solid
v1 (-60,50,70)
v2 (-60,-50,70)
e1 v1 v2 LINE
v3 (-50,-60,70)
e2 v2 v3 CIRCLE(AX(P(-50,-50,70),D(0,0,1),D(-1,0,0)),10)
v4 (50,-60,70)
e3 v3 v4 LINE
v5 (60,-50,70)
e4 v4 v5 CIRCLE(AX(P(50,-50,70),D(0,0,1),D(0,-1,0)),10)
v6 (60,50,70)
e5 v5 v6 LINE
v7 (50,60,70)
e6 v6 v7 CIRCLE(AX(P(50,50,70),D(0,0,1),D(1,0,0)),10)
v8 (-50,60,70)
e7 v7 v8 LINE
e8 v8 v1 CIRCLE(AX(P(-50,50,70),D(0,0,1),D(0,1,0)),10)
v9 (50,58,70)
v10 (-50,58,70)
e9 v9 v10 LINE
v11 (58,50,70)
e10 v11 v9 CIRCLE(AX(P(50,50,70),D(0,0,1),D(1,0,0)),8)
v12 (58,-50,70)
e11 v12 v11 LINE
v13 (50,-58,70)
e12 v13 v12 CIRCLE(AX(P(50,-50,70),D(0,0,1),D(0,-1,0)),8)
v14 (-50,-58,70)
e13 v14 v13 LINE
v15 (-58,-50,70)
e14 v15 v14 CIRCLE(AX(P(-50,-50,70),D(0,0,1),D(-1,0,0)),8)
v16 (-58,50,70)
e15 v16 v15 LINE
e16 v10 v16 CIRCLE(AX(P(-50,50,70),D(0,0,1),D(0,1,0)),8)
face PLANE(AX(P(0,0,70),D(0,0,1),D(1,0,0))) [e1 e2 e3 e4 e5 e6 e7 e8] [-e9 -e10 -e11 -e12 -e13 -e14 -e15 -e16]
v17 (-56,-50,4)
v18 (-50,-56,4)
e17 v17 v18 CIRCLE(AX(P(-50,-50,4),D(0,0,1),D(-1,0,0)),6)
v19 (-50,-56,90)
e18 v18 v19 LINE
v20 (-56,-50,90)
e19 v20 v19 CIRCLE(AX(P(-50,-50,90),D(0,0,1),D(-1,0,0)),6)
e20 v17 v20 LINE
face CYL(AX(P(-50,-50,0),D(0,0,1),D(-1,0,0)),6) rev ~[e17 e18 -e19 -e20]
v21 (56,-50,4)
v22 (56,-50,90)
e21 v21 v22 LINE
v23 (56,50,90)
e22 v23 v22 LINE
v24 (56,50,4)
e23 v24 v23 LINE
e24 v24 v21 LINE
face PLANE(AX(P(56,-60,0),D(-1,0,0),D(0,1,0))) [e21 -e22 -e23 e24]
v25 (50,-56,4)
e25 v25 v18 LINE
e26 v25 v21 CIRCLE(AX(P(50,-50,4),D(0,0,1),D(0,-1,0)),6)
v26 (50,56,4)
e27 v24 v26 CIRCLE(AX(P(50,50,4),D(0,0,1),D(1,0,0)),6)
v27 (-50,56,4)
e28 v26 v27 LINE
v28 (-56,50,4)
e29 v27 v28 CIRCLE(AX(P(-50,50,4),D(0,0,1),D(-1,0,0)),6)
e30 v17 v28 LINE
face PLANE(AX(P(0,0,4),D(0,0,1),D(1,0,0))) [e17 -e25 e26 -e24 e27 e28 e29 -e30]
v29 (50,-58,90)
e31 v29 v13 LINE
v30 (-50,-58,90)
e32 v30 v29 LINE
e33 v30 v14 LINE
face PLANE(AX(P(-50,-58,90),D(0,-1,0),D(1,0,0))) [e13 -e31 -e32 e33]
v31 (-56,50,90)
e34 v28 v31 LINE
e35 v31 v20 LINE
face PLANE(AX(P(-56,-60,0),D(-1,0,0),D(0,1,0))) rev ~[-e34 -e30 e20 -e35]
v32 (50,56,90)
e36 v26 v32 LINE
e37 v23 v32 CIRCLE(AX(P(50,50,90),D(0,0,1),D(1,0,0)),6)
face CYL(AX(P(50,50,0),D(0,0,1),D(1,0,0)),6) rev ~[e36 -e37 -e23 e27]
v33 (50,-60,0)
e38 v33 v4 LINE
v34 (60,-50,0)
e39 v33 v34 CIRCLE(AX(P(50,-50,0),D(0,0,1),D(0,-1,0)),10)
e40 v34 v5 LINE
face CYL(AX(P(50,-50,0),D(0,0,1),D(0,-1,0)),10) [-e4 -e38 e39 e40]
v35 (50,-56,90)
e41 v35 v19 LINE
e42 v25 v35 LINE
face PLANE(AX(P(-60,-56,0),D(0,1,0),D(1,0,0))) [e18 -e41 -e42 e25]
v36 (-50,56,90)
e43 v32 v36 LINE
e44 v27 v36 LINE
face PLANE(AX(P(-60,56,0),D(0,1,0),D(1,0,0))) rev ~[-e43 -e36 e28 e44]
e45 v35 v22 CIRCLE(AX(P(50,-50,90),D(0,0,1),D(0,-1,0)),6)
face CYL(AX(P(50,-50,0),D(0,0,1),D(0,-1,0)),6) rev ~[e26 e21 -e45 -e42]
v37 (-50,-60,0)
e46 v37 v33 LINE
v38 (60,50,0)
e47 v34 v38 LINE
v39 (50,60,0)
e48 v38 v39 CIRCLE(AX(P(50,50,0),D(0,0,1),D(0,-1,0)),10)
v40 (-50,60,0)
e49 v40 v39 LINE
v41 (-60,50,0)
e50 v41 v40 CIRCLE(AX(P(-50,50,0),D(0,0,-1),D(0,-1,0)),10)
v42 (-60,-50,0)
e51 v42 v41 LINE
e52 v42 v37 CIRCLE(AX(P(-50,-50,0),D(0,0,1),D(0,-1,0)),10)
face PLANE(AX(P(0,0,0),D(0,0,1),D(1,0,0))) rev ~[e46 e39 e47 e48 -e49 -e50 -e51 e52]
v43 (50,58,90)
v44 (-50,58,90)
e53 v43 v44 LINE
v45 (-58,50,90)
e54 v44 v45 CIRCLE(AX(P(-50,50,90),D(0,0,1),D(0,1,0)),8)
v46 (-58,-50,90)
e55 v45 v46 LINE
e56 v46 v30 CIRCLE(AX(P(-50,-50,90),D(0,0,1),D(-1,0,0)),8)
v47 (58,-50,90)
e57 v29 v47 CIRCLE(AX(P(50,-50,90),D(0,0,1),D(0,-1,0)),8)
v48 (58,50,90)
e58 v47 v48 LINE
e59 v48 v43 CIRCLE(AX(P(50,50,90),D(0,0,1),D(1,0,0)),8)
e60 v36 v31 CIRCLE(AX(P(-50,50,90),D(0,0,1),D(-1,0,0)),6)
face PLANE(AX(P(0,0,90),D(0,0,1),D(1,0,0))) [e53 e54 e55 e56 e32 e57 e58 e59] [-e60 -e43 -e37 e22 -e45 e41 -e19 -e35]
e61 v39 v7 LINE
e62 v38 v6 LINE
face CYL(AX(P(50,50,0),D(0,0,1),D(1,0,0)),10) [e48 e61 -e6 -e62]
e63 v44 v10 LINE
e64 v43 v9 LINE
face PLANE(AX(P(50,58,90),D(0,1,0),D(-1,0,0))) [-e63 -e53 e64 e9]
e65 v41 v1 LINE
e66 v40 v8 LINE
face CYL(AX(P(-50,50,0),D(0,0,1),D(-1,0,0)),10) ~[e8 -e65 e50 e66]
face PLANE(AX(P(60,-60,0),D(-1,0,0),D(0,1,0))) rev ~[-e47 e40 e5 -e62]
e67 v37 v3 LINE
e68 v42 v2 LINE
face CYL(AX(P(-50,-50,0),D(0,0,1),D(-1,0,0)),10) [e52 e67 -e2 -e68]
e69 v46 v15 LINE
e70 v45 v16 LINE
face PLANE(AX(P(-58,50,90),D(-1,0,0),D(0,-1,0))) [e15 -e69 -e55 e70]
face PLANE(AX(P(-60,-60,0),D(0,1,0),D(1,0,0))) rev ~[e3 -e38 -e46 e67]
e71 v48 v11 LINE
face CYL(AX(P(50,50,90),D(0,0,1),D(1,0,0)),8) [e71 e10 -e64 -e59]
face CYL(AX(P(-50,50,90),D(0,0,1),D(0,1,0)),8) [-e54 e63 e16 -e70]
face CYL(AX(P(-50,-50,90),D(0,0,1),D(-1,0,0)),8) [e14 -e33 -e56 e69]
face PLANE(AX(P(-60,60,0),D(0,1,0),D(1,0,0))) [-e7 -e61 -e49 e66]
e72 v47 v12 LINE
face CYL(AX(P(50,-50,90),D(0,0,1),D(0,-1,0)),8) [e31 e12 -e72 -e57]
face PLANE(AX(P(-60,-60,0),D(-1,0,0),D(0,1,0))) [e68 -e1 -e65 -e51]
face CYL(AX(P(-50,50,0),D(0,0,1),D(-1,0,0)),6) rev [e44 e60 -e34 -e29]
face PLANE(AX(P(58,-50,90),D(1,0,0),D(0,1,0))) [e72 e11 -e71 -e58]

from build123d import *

# Parameters (mm, degrees)
SKETCH1_W           = 120
SKETCH1_H           = 120
BOSS_EXTRUDE1_DEPTH = 90
FILLET1_R           = 10
SHELL1_T            = -4
CUT_EXTRUDE1_DEPTH  = 20


with BuildPart() as part:
    # Sketch1 → Boss-Extrude1 (new body)
    with BuildSketch(Plane.XY):
        Rectangle(SKETCH1_W, SKETCH1_H)
    extrude(amount=BOSS_EXTRUDE1_DEPTH)

    # Fillet1
    fillet1_edges = [part.edges().sort_by_distance(p)[0] for p in [
        (60, -60, 45),
        (-60, -60, 45),
        (-60, 60, 45),
        (60, 60, 45),
    ]]
    fillet(fillet1_edges, radius=FILLET1_R)

    # Shell1
    shell1_openings = [part.faces().sort_by_distance(p)[0] for p in [
        (0, 0, 90),
    ]]
    offset(amount=SHELL1_T, openings=shell1_openings, kind=Kind.INTERSECTION)

    # Sketch2 → Cut-Extrude1 (cut)
    with BuildSketch(Plane.XY.offset(90)):
        with BuildLine():
            Line((-60, 50), (-60, -50))
            ThreePointArc((-60, -50), (-57.071067812, -57.071067812), (-50, -60))
            Line((-50, -60), (50, -60))
            ThreePointArc((50, -60), (57.071067812, -57.071067812), (60, -50))
            Line((60, -50), (60, 50))
            ThreePointArc((60, 50), (57.071067812, 57.071067812), (50, 60))
            Line((50, 60), (-50, 60))
            ThreePointArc((-50, 60), (-57.071067812, 57.071067812), (-60, 50))
        make_face()
        with BuildLine():
            Line((-58, 50), (-58, -50))
            ThreePointArc((-58, -50), (-55.656854249, -55.656854249), (-50, -58))
            Line((-50, -58), (50, -58))
            ThreePointArc((50, -58), (55.656854249, -55.656854249), (58, -50))
            Line((58, -50), (58, 50))
            ThreePointArc((58, 50), (55.656854249, 55.656854249), (50, 58))
            Line((50, 58), (-50, 58))
            ThreePointArc((-50, 58), (-55.656854249, 55.656854249), (-58, 50))
        make_face(mode=Mode.SUBTRACT)
    extrude(amount=-CUT_EXTRUDE1_DEPTH, mode=Mode.SUBTRACT)


solid = part.part
